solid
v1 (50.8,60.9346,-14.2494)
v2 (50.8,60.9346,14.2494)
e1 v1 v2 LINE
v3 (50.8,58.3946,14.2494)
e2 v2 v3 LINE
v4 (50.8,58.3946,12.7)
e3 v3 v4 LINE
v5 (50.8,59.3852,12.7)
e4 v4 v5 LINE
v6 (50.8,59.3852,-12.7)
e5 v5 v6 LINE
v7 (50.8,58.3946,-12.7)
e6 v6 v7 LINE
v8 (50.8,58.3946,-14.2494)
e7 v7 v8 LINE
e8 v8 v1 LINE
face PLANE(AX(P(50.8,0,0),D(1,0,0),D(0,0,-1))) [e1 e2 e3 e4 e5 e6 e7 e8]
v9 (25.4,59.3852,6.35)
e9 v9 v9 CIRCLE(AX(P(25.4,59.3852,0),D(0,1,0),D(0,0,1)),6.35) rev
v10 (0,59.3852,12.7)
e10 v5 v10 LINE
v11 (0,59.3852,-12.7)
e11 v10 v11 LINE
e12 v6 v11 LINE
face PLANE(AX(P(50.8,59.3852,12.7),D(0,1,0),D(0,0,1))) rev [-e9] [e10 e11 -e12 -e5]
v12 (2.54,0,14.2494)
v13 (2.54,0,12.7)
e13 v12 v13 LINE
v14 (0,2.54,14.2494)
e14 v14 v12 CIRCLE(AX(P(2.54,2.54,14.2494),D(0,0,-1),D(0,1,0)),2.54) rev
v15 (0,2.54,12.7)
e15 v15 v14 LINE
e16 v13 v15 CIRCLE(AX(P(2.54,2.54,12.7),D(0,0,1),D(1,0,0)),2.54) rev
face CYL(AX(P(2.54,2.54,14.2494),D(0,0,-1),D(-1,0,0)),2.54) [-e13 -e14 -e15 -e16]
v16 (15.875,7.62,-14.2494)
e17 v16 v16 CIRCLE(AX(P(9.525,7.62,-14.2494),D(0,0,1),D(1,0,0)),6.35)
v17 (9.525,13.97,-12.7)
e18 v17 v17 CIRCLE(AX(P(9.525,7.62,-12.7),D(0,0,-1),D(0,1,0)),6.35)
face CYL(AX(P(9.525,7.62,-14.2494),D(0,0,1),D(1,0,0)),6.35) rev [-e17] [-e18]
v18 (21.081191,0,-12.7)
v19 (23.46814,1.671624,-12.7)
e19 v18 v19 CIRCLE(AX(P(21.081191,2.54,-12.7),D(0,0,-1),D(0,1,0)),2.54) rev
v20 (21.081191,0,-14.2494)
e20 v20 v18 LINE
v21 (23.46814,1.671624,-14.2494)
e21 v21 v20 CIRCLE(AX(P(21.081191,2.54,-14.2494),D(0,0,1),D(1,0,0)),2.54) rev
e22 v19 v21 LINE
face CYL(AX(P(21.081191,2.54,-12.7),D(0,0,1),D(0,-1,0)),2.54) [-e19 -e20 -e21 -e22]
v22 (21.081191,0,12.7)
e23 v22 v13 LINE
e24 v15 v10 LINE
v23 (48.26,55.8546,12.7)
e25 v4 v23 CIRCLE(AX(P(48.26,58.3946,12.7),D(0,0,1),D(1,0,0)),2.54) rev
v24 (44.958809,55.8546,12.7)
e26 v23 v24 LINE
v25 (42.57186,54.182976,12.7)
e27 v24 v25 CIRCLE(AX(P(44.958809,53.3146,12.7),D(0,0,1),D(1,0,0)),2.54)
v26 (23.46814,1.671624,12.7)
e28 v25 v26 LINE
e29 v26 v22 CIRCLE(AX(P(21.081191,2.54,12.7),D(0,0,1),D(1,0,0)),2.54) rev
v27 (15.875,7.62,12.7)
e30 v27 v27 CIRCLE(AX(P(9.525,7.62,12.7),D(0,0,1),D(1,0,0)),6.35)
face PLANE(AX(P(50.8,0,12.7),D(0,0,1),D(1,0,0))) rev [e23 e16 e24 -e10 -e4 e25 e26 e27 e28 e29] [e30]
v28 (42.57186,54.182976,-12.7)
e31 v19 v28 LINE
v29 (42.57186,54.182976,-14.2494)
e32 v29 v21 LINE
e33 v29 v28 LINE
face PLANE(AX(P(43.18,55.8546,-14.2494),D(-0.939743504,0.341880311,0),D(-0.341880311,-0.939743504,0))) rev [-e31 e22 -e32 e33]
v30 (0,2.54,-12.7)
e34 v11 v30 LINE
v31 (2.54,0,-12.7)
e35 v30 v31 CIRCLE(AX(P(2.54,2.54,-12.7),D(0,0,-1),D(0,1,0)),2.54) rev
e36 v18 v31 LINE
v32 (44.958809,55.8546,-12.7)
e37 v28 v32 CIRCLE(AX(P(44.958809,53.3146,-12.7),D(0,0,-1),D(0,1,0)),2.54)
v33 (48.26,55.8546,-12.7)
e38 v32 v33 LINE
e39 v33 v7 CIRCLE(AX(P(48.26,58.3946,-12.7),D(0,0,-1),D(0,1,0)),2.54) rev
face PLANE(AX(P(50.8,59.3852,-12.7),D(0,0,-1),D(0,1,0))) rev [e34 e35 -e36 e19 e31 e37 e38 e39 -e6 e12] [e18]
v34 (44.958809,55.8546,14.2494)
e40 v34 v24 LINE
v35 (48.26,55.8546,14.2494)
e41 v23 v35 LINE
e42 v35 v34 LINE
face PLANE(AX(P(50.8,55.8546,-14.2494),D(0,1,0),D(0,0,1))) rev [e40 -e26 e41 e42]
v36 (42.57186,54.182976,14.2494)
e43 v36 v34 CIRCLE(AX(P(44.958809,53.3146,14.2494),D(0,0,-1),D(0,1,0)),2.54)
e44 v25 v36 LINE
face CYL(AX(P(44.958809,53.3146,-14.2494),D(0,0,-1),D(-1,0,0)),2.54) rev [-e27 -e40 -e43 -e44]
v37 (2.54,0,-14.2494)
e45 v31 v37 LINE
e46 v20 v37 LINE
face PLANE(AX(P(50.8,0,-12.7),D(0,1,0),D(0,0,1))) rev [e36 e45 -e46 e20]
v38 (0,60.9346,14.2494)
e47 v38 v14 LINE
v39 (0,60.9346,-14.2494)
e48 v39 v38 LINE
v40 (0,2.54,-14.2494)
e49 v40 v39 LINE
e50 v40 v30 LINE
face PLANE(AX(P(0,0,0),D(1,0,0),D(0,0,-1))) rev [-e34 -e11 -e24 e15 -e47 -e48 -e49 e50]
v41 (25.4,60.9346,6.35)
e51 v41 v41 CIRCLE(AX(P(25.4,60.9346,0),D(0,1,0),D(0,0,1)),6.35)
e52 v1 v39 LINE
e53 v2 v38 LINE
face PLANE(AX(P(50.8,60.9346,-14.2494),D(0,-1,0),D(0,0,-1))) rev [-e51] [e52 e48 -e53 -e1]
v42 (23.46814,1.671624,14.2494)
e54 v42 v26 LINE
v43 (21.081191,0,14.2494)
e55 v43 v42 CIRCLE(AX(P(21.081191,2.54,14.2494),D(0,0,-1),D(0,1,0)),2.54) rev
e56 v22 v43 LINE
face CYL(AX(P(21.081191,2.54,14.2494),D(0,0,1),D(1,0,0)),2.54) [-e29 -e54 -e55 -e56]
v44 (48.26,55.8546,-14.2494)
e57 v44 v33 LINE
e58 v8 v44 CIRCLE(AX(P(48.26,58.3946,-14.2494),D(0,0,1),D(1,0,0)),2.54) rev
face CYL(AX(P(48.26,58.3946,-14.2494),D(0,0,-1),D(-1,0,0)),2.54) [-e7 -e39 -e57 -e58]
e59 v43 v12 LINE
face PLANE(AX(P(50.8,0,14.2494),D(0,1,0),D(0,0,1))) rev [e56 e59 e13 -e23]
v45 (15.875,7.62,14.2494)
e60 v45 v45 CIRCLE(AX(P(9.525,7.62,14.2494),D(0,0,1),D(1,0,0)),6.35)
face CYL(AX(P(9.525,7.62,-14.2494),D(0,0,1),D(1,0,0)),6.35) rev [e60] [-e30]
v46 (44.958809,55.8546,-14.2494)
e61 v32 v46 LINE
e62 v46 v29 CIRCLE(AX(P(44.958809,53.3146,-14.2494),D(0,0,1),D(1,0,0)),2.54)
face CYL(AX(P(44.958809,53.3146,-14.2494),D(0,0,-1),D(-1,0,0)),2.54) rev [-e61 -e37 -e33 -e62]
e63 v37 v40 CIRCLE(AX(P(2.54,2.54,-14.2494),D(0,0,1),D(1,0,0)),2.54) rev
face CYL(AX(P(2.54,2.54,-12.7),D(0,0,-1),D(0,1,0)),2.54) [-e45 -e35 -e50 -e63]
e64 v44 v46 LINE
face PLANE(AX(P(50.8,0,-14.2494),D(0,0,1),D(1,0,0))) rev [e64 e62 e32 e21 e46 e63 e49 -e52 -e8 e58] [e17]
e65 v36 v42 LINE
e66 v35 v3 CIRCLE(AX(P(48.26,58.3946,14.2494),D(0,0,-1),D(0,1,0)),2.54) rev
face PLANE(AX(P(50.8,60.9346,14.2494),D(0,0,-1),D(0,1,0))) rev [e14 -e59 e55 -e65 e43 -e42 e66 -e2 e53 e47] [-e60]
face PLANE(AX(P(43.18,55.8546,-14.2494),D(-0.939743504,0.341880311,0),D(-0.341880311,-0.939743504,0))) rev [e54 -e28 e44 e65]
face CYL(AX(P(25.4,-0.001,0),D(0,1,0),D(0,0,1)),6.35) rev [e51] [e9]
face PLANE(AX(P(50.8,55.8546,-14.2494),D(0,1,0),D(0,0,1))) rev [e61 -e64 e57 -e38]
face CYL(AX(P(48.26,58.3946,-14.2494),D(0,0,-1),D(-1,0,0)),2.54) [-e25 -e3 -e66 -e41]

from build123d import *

# Parameters (mm, degrees)
BOSS_EXTRUDE1_DEPTH = 50.8
SKETCH2_R           = 6.35
CUT_EXTRUDE1_DEPTH  = 85.29618662
FILLET1_R           = 2.54
CUT_EXTRUDE2_REACH  = 82.602
SKETCH3_R           = 6.35


with BuildPart() as part:
    # Sketch1 → Boss-Extrude1 (new body)
    with BuildSketch(Plane(origin=(0, 0, 0), x_dir=(0, 0, -1), z_dir=(1, 0, 0))):
        Polygon((12.7, 0), (14.2494, 0), (14.2494, 60.9346), (-14.2494, 60.9346), (-14.2494, 0), (-12.7, 0), (-12.7, 59.3852), (12.7, 59.3852), align=None)
    extrude(amount=BOSS_EXTRUDE1_DEPTH)

    # Sketch2 → Cut-Extrude1 (cut, through all)
    with BuildSketch(Plane.XY.offset(14.2494)):
        with Locations((9.525, 7.62)):
            Circle(SKETCH2_R)
        Polygon((22.86, 0), (50.8, 0), (50.8, 55.8546), (43.18, 55.8546), align=None)
    extrude(amount=-CUT_EXTRUDE1_DEPTH, mode=Mode.SUBTRACT)

    # Fillet1
    fillet1_edges = [part.edges().sort_by_distance(p)[0] for p in [
        (0, 0, -13.4747),
        (50.8, 55.8546, 13.4747),
        (50.8, 55.8546, -13.4747),
        (22.86, 0, -13.4747),
        (22.86, 0, 13.4747),
        (43.18, 55.8546, -13.4747),
        (43.18, 55.8546, 13.4747),
        (0, 0, 13.4747),
    ]]
    fillet(fillet1_edges, radius=FILLET1_R)

    # Sketch3 → Cut-Extrude2 (cut, up to next)
    with BuildSketch(Plane(origin=(0, 60.9346, 0), x_dir=(1, 0, 0), z_dir=(0, 1, 0)), mode=Mode.PRIVATE) as cut_extrude2_sk1:
        with Locations(Location((25.4, 0, 0), (0, 0, 270))):
            Circle(SKETCH3_R)
    cut_extrude2_tool1 = extrude(cut_extrude2_sk1.sketch, amount=-CUT_EXTRUDE2_REACH, mode=Mode.PRIVATE) & part.part
    add(cut_extrude2_tool1.solids().sort_by_distance((25.4, 60.9346, 0))[0], mode=Mode.SUBTRACT)


solid = part.part
